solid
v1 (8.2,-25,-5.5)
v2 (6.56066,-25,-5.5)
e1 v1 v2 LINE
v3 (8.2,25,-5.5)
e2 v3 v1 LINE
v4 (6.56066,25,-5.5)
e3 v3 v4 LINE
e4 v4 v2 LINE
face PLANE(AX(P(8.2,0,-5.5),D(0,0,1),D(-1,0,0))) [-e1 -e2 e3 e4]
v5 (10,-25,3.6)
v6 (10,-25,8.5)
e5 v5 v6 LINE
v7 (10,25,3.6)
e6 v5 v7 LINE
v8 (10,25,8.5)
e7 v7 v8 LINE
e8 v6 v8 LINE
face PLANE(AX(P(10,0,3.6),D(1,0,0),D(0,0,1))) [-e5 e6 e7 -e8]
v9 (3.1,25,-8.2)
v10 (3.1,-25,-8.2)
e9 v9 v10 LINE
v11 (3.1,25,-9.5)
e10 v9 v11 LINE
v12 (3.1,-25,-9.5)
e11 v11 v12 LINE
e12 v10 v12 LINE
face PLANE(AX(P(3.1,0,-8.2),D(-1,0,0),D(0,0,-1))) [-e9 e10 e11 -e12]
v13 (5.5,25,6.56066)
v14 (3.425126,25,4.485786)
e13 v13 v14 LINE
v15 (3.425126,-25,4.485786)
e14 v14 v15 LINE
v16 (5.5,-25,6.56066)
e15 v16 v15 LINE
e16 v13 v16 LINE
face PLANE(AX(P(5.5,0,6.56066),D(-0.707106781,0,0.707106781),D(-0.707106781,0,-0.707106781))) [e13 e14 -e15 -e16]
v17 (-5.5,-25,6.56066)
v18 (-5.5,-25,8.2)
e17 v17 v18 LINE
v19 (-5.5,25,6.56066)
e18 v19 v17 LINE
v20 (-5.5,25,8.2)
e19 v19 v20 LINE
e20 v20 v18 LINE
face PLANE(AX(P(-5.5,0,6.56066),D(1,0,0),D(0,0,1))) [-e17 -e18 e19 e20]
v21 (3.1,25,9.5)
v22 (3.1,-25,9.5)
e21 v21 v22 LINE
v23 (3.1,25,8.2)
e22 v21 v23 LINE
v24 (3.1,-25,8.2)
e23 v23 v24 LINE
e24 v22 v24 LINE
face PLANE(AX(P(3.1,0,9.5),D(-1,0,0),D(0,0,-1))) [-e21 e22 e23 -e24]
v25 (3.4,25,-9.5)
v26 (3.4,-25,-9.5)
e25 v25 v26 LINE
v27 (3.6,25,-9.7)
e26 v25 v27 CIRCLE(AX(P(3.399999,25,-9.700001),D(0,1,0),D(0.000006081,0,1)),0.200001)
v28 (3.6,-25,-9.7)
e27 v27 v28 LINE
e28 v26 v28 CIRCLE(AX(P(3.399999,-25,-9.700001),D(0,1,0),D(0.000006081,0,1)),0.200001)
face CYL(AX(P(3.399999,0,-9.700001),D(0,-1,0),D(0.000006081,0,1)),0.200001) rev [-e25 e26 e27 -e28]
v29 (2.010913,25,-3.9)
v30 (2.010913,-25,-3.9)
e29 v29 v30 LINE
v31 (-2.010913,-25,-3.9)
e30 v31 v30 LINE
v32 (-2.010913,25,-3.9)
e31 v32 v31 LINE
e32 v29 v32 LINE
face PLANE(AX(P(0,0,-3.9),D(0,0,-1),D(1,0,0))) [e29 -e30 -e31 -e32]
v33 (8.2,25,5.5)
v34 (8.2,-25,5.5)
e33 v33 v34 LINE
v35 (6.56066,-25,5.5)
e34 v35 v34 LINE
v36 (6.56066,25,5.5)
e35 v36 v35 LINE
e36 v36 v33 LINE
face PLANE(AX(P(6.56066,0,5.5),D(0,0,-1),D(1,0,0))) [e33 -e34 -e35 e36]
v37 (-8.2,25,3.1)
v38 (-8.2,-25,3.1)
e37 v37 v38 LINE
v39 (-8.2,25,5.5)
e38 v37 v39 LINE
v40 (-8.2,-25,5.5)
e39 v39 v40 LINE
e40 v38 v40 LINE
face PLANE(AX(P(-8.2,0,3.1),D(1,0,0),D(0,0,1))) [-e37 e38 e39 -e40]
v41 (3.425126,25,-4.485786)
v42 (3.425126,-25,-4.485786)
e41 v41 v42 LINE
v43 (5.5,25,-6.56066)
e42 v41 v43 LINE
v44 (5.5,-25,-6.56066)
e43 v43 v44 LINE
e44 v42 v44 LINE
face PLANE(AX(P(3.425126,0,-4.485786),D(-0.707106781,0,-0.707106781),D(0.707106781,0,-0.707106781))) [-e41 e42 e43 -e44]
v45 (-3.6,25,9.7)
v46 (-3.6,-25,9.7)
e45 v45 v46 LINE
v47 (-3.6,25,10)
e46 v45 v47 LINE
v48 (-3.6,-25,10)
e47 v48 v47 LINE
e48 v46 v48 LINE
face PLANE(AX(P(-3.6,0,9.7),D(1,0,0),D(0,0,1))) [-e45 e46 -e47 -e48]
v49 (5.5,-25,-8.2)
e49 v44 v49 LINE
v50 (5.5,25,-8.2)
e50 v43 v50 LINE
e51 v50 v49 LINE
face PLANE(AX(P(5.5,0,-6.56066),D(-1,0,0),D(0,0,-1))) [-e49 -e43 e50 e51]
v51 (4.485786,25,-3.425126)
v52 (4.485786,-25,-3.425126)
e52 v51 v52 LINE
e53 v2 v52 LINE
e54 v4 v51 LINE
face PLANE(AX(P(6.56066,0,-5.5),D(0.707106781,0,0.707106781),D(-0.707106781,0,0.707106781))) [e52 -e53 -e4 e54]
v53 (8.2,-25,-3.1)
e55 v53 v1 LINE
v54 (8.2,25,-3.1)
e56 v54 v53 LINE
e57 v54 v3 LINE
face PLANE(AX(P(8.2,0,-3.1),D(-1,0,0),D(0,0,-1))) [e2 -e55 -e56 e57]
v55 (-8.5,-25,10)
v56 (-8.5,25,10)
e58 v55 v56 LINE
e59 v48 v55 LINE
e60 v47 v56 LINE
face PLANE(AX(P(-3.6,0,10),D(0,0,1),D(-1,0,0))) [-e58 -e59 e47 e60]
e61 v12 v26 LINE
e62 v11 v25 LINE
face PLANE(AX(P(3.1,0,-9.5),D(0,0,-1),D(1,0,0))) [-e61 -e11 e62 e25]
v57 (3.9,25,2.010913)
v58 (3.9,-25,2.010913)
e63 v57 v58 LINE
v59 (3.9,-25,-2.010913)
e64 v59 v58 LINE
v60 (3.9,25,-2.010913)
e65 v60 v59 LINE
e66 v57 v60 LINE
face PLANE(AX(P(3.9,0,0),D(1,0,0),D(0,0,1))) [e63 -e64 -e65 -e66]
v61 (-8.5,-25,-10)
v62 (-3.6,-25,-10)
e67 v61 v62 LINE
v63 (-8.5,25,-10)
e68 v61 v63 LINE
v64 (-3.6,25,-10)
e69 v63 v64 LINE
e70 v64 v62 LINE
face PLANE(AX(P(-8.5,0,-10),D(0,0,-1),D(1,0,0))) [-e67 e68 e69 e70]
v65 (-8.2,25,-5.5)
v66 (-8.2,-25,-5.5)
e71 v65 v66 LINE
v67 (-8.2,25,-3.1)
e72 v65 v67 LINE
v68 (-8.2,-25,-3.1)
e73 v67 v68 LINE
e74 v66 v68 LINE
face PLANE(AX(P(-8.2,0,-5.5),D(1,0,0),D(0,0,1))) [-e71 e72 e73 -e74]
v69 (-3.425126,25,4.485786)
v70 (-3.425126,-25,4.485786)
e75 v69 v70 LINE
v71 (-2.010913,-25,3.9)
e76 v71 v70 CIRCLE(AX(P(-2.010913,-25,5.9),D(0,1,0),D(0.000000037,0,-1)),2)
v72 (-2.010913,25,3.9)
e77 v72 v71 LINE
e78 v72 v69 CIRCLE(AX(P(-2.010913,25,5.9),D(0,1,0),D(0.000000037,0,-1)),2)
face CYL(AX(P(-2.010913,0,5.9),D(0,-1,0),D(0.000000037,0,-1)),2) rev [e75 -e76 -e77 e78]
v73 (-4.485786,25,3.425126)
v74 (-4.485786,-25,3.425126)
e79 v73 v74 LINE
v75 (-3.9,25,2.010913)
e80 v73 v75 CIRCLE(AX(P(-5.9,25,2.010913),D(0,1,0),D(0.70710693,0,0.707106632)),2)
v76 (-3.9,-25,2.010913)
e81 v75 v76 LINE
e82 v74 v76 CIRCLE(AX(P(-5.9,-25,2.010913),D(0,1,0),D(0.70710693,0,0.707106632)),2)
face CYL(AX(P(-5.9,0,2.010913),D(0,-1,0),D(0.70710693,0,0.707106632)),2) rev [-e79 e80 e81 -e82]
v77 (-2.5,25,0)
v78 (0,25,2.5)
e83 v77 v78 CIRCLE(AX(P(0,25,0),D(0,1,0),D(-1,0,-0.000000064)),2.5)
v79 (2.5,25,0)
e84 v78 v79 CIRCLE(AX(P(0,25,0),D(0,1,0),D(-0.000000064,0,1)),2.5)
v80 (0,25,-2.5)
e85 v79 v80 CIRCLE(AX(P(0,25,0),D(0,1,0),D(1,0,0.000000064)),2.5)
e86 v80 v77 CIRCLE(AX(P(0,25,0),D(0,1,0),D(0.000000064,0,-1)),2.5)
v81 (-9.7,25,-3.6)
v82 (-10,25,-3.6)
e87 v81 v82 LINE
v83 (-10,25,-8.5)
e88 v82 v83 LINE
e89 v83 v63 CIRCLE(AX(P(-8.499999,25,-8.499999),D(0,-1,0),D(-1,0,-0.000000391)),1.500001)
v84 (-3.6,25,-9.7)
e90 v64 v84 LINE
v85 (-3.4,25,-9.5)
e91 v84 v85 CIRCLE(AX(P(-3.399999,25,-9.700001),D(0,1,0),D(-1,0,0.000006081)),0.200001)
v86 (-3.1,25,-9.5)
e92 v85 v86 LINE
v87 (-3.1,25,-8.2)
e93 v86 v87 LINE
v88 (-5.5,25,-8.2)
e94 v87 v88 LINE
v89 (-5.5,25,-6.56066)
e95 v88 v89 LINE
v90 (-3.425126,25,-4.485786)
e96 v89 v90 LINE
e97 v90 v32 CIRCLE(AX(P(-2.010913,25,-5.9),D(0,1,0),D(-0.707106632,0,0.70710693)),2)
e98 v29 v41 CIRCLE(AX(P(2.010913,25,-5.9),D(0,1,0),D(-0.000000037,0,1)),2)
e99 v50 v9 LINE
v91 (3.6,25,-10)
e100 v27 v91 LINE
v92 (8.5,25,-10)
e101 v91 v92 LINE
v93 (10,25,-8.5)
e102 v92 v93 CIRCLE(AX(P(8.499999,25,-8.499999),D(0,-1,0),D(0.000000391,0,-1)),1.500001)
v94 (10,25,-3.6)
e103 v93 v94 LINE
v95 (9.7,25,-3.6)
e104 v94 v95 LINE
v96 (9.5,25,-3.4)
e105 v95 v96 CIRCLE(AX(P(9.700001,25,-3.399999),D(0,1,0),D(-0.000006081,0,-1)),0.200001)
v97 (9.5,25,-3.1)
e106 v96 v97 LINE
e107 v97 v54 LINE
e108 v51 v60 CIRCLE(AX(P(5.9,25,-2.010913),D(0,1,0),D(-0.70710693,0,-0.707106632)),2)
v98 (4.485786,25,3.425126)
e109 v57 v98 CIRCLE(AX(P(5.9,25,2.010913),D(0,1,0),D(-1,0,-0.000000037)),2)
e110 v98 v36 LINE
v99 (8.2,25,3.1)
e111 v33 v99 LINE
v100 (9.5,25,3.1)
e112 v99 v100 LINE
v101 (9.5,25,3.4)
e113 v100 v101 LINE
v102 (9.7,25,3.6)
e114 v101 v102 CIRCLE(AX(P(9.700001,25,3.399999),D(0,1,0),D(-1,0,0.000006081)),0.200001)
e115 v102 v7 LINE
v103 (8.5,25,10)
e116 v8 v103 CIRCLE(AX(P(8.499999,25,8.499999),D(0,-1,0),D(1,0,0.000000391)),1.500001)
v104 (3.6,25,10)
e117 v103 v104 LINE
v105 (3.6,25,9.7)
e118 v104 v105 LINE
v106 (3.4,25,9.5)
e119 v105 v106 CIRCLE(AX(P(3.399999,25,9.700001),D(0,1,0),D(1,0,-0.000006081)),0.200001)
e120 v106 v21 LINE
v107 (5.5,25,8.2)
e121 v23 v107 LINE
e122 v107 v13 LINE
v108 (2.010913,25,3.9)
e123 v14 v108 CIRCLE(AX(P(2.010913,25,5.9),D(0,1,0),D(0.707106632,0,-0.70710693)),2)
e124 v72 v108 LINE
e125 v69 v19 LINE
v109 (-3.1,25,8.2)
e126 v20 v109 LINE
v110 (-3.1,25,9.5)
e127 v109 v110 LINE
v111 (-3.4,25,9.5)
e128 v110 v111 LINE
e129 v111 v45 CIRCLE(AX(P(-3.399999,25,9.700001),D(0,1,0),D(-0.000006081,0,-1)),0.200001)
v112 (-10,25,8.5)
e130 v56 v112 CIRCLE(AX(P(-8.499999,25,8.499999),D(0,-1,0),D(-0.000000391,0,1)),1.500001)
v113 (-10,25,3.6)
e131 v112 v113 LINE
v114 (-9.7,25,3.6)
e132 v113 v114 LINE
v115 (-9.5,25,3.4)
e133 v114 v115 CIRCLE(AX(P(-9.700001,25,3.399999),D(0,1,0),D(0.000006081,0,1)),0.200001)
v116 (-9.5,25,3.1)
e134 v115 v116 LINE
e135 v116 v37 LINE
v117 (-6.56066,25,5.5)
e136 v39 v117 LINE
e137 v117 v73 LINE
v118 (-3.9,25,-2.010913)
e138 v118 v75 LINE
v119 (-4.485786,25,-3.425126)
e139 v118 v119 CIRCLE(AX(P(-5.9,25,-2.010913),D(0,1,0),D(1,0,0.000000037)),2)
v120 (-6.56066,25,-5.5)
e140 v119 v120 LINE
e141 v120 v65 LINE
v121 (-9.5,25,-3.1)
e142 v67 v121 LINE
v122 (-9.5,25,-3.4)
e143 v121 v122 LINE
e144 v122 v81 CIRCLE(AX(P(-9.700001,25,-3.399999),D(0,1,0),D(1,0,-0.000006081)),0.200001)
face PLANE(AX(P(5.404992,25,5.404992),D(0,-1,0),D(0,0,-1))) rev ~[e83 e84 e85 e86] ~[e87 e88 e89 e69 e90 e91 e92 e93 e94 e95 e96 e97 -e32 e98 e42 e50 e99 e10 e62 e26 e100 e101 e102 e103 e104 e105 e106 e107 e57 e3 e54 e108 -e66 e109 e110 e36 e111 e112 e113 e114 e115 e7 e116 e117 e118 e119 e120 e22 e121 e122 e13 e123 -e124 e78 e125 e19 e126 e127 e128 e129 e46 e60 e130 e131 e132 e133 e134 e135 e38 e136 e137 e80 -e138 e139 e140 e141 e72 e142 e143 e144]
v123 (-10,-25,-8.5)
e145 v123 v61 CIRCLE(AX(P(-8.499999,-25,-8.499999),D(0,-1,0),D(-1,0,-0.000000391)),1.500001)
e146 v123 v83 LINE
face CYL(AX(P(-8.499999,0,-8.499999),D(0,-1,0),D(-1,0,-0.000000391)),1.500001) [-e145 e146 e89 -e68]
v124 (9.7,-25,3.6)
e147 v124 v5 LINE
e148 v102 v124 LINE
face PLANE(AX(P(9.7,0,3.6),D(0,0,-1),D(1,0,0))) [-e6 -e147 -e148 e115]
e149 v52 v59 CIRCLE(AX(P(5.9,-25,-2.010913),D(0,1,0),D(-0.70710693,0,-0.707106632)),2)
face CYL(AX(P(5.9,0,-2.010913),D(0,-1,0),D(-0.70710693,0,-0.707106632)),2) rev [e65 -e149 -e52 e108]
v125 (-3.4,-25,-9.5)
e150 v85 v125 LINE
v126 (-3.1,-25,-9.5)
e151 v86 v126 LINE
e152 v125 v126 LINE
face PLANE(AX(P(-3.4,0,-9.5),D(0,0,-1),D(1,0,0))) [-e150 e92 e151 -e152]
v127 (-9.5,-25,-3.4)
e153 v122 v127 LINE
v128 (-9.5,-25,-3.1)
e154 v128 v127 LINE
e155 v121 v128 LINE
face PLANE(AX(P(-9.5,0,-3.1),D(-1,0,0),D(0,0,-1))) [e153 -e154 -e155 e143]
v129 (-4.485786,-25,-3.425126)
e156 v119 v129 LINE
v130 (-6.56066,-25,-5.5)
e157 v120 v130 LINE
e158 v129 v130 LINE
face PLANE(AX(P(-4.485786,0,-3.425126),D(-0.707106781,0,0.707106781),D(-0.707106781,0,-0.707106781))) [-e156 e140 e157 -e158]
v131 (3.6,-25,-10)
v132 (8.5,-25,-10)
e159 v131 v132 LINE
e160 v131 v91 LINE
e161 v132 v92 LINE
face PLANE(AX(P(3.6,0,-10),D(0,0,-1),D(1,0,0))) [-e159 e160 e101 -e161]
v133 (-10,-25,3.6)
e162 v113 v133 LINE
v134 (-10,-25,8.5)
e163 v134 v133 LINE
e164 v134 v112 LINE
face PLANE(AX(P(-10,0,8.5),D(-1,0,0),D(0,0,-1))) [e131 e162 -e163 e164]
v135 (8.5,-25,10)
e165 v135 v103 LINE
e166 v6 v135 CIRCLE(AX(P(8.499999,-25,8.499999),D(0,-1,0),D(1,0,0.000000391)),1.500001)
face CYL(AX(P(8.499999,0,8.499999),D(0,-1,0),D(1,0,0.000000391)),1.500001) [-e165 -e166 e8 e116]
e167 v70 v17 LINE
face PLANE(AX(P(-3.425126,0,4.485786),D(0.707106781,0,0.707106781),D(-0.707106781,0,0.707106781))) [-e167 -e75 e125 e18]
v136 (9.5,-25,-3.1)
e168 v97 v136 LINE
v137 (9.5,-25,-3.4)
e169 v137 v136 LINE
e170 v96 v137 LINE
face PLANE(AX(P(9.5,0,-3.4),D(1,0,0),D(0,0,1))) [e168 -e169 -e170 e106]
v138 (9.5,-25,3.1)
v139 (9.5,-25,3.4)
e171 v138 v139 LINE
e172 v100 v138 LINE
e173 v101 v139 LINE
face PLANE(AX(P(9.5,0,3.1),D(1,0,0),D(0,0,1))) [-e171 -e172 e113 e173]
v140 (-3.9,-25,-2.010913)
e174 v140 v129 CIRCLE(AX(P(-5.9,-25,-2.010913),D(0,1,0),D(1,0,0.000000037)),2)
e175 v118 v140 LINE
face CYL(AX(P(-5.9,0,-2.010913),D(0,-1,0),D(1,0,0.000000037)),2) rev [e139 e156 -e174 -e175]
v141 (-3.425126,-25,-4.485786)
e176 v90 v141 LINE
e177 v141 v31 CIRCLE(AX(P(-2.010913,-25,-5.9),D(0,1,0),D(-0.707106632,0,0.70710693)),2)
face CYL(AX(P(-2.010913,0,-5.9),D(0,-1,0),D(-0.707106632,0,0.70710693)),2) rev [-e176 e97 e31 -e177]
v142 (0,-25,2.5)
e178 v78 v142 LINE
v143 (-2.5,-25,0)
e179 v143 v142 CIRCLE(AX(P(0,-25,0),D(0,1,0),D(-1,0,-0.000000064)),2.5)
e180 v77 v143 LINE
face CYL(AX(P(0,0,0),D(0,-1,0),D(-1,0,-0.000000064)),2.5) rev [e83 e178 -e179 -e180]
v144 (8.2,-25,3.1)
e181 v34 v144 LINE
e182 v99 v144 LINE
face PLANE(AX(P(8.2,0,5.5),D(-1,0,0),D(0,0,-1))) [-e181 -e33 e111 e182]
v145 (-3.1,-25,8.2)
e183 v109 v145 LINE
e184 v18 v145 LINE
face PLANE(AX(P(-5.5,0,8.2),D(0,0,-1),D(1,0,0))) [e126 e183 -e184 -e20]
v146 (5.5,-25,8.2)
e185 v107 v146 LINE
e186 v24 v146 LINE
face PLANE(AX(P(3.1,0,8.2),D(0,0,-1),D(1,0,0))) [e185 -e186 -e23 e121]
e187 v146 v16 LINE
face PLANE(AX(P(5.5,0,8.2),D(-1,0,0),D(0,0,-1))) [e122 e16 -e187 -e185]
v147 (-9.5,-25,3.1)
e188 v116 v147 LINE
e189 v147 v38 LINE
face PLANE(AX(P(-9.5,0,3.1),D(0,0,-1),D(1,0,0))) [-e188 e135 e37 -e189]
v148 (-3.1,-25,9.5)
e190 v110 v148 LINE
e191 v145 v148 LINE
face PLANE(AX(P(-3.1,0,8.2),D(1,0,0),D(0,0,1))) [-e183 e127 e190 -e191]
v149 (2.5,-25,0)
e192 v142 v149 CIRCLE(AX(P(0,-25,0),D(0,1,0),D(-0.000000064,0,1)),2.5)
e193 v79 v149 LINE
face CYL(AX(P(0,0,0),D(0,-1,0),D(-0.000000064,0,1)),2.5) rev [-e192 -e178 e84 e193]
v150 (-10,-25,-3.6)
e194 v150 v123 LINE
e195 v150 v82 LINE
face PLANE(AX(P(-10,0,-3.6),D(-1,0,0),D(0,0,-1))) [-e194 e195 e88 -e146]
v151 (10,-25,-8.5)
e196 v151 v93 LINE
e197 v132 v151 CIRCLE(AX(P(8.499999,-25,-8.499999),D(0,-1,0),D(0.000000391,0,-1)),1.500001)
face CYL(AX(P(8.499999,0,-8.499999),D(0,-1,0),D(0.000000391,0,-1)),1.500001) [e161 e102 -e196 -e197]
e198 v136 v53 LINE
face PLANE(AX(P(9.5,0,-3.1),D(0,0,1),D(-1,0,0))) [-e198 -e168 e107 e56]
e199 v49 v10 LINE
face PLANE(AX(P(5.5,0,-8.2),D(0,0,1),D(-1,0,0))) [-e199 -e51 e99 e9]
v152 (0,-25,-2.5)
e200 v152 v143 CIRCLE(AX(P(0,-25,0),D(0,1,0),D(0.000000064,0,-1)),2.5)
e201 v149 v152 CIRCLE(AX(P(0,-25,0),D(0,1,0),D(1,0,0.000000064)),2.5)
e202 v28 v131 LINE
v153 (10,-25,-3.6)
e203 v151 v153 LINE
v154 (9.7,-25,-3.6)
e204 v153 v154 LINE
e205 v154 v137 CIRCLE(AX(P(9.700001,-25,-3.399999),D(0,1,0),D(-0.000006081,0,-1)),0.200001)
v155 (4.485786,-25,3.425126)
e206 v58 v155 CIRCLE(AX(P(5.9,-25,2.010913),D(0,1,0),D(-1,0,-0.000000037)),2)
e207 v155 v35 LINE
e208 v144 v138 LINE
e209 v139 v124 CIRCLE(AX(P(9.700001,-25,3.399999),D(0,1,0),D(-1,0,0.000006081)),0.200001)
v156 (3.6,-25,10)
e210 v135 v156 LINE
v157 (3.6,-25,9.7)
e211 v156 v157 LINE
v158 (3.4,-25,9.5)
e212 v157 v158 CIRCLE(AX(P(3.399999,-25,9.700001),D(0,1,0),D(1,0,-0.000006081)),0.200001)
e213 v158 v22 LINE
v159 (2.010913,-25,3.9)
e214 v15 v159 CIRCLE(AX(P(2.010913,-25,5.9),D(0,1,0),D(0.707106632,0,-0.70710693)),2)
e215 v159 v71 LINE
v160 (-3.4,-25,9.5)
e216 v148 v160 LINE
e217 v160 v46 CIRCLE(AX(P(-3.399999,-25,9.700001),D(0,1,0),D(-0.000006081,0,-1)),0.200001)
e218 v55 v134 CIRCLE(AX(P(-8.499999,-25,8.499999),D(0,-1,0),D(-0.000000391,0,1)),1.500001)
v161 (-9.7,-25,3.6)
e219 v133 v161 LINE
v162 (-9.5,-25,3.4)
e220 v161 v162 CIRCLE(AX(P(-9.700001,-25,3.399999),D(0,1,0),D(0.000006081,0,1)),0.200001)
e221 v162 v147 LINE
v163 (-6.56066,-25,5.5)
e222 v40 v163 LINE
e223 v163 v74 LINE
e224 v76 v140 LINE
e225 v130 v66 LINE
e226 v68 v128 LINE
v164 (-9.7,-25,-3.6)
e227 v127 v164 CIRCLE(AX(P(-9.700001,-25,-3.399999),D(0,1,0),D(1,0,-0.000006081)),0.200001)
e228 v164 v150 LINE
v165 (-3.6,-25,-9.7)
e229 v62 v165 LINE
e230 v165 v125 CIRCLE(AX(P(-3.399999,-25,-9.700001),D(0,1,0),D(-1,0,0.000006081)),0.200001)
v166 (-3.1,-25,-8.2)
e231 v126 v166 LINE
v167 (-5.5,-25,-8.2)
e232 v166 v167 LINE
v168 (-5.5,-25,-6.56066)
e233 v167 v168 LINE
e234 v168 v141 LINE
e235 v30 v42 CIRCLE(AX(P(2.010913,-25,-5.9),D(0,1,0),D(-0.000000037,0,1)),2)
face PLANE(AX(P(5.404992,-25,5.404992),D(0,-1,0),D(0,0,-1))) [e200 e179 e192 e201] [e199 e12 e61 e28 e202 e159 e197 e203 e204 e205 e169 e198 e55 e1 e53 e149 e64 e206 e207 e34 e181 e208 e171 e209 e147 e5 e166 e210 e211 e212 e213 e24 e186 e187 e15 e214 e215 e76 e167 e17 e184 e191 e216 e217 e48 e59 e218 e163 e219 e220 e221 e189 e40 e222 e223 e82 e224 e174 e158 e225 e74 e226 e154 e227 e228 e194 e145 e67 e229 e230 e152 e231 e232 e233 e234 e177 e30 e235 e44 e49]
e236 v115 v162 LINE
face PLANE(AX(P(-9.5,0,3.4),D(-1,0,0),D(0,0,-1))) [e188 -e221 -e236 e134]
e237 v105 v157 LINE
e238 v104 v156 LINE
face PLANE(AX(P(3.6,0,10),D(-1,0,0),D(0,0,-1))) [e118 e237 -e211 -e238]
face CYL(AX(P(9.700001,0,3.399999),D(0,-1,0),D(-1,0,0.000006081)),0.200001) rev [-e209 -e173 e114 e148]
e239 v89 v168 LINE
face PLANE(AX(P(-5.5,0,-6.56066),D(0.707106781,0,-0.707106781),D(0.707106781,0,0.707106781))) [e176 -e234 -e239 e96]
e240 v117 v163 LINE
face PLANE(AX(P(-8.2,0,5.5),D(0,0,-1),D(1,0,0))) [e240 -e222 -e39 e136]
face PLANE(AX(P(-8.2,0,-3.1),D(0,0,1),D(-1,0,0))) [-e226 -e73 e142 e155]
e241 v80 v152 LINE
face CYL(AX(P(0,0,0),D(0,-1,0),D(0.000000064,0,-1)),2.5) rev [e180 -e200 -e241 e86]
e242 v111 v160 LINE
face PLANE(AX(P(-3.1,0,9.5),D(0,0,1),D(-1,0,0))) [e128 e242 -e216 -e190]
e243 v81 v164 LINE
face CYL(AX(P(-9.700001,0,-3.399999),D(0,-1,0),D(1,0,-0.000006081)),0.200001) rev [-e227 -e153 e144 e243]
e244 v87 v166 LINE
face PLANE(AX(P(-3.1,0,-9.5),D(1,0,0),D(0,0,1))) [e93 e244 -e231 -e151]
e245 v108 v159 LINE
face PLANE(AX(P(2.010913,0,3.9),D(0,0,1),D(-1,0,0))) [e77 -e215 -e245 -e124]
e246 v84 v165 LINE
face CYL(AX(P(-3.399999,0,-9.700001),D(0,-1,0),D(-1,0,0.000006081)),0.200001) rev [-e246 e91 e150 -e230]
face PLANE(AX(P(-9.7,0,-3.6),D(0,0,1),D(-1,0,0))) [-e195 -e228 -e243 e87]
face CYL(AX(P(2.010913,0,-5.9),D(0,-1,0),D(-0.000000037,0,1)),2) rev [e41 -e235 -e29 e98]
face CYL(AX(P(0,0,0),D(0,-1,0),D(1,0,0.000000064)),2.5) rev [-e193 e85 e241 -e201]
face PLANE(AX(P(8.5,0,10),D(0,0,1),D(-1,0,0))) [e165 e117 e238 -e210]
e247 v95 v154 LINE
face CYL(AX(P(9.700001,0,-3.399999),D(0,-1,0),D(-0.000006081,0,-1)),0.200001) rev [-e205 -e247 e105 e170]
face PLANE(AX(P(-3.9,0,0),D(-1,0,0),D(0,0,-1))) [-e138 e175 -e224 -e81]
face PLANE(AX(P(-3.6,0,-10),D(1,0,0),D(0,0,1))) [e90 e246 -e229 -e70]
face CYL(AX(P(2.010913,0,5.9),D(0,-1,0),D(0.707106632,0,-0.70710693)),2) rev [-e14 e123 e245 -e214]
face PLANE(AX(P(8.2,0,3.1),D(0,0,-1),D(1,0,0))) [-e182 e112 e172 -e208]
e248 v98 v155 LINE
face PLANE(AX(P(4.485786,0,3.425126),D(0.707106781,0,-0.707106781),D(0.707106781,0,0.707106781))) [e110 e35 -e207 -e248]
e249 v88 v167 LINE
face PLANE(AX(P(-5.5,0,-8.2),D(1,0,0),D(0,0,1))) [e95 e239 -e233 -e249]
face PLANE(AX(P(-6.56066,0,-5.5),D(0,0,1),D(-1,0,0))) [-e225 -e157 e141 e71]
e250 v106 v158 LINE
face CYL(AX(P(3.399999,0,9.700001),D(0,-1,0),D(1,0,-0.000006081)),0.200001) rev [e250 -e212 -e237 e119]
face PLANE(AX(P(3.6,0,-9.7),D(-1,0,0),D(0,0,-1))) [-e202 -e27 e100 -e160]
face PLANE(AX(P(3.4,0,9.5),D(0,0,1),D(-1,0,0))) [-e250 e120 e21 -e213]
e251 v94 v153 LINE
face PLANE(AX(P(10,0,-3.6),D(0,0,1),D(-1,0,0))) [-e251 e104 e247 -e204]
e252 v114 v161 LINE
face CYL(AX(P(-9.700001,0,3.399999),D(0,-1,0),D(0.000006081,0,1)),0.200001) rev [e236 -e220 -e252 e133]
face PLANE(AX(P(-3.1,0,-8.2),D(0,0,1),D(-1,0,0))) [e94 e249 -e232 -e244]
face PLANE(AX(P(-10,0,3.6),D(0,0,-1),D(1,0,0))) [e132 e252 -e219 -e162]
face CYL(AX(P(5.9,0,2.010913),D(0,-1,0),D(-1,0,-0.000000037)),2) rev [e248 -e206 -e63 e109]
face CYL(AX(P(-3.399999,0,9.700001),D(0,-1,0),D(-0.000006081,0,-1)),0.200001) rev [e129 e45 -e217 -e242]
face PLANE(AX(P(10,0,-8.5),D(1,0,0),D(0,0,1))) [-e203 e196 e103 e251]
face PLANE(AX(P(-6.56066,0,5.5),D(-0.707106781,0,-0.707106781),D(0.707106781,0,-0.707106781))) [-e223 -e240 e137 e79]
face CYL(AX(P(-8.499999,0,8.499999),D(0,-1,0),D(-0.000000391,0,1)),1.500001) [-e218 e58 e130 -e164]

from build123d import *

# Parameters (mm, degrees)
F1_DEPTH      = 25
F1_DEPTH_BACK = 25
F3_COUNT      = 4


with BuildPart() as f1:
    # F0 (on Front) → F1 (new body, two sides)
    with BuildSketch(Plane.XZ) as f1_sk:
        with BuildLine():
            Line((-10, 8.5), (-10, 3.6))
            Line((-10, 3.6), (-9.7, 3.6))
            ThreePointArc((-9.7, 3.6), (-9.558579, 3.541421), (-9.5, 3.4))
            Line((-9.5, 3.4), (-9.5, 3.1))
            Line((-9.5, 3.1), (-8.2, 3.1))
            Line((-8.2, 3.1), (-8.2, 5.5))
            Line((-8.2, 5.5), (-6.56066, 5.5))
            Line((-6.56066, 5.5), (-4.485786, 3.425126))
            ThreePointArc((-4.485786, 3.425126), (-4.052241, 2.77628), (-3.9, 2.010913))
            Line((-3.9, 2.010913), (-3.9, 0))
            Line((-3.9, 0), (-2.5, 0))
            ThreePointArc((-2.5, 0), (-1.767767, 1.767767), (0, 2.5))
            Line((0, 2.5), (0, 3.9))
            Line((0, 3.9), (-2.010913, 3.9))
            ThreePointArc((-2.010913, 3.9), (-2.77628, 4.052241), (-3.425126, 4.485786))
            Line((-3.425126, 4.485786), (-5.5, 6.56066))
            Line((-5.5, 6.56066), (-5.5, 8.2))
            Line((-5.5, 8.2), (-3.1, 8.2))
            Line((-3.1, 8.2), (-3.1, 9.5))
            Line((-3.1, 9.5), (-3.4, 9.5))
            ThreePointArc((-3.4, 9.5), (-3.541421, 9.558579), (-3.6, 9.7))
            Line((-3.6, 9.7), (-3.6, 10))
            Line((-3.6, 10), (-8.5, 10))
            ThreePointArc((-8.5, 10), (-9.56066, 9.56066), (-10, 8.5))
        make_face()
    extrude(amount=F1_DEPTH)
    extrude(f1_sk.sketch, amount=-F1_DEPTH_BACK)

    # F3: F1 ×4 about axis
    f3_axis = Axis((0, -12.5, 0), (0, -1, 0))


with BuildPart() as f1_1:
    add(f1.part)
    for i in range(1, F3_COUNT):
        add(f1.part.rotate(f3_axis, i * 360 / F3_COUNT))


solid = f1_1.part
